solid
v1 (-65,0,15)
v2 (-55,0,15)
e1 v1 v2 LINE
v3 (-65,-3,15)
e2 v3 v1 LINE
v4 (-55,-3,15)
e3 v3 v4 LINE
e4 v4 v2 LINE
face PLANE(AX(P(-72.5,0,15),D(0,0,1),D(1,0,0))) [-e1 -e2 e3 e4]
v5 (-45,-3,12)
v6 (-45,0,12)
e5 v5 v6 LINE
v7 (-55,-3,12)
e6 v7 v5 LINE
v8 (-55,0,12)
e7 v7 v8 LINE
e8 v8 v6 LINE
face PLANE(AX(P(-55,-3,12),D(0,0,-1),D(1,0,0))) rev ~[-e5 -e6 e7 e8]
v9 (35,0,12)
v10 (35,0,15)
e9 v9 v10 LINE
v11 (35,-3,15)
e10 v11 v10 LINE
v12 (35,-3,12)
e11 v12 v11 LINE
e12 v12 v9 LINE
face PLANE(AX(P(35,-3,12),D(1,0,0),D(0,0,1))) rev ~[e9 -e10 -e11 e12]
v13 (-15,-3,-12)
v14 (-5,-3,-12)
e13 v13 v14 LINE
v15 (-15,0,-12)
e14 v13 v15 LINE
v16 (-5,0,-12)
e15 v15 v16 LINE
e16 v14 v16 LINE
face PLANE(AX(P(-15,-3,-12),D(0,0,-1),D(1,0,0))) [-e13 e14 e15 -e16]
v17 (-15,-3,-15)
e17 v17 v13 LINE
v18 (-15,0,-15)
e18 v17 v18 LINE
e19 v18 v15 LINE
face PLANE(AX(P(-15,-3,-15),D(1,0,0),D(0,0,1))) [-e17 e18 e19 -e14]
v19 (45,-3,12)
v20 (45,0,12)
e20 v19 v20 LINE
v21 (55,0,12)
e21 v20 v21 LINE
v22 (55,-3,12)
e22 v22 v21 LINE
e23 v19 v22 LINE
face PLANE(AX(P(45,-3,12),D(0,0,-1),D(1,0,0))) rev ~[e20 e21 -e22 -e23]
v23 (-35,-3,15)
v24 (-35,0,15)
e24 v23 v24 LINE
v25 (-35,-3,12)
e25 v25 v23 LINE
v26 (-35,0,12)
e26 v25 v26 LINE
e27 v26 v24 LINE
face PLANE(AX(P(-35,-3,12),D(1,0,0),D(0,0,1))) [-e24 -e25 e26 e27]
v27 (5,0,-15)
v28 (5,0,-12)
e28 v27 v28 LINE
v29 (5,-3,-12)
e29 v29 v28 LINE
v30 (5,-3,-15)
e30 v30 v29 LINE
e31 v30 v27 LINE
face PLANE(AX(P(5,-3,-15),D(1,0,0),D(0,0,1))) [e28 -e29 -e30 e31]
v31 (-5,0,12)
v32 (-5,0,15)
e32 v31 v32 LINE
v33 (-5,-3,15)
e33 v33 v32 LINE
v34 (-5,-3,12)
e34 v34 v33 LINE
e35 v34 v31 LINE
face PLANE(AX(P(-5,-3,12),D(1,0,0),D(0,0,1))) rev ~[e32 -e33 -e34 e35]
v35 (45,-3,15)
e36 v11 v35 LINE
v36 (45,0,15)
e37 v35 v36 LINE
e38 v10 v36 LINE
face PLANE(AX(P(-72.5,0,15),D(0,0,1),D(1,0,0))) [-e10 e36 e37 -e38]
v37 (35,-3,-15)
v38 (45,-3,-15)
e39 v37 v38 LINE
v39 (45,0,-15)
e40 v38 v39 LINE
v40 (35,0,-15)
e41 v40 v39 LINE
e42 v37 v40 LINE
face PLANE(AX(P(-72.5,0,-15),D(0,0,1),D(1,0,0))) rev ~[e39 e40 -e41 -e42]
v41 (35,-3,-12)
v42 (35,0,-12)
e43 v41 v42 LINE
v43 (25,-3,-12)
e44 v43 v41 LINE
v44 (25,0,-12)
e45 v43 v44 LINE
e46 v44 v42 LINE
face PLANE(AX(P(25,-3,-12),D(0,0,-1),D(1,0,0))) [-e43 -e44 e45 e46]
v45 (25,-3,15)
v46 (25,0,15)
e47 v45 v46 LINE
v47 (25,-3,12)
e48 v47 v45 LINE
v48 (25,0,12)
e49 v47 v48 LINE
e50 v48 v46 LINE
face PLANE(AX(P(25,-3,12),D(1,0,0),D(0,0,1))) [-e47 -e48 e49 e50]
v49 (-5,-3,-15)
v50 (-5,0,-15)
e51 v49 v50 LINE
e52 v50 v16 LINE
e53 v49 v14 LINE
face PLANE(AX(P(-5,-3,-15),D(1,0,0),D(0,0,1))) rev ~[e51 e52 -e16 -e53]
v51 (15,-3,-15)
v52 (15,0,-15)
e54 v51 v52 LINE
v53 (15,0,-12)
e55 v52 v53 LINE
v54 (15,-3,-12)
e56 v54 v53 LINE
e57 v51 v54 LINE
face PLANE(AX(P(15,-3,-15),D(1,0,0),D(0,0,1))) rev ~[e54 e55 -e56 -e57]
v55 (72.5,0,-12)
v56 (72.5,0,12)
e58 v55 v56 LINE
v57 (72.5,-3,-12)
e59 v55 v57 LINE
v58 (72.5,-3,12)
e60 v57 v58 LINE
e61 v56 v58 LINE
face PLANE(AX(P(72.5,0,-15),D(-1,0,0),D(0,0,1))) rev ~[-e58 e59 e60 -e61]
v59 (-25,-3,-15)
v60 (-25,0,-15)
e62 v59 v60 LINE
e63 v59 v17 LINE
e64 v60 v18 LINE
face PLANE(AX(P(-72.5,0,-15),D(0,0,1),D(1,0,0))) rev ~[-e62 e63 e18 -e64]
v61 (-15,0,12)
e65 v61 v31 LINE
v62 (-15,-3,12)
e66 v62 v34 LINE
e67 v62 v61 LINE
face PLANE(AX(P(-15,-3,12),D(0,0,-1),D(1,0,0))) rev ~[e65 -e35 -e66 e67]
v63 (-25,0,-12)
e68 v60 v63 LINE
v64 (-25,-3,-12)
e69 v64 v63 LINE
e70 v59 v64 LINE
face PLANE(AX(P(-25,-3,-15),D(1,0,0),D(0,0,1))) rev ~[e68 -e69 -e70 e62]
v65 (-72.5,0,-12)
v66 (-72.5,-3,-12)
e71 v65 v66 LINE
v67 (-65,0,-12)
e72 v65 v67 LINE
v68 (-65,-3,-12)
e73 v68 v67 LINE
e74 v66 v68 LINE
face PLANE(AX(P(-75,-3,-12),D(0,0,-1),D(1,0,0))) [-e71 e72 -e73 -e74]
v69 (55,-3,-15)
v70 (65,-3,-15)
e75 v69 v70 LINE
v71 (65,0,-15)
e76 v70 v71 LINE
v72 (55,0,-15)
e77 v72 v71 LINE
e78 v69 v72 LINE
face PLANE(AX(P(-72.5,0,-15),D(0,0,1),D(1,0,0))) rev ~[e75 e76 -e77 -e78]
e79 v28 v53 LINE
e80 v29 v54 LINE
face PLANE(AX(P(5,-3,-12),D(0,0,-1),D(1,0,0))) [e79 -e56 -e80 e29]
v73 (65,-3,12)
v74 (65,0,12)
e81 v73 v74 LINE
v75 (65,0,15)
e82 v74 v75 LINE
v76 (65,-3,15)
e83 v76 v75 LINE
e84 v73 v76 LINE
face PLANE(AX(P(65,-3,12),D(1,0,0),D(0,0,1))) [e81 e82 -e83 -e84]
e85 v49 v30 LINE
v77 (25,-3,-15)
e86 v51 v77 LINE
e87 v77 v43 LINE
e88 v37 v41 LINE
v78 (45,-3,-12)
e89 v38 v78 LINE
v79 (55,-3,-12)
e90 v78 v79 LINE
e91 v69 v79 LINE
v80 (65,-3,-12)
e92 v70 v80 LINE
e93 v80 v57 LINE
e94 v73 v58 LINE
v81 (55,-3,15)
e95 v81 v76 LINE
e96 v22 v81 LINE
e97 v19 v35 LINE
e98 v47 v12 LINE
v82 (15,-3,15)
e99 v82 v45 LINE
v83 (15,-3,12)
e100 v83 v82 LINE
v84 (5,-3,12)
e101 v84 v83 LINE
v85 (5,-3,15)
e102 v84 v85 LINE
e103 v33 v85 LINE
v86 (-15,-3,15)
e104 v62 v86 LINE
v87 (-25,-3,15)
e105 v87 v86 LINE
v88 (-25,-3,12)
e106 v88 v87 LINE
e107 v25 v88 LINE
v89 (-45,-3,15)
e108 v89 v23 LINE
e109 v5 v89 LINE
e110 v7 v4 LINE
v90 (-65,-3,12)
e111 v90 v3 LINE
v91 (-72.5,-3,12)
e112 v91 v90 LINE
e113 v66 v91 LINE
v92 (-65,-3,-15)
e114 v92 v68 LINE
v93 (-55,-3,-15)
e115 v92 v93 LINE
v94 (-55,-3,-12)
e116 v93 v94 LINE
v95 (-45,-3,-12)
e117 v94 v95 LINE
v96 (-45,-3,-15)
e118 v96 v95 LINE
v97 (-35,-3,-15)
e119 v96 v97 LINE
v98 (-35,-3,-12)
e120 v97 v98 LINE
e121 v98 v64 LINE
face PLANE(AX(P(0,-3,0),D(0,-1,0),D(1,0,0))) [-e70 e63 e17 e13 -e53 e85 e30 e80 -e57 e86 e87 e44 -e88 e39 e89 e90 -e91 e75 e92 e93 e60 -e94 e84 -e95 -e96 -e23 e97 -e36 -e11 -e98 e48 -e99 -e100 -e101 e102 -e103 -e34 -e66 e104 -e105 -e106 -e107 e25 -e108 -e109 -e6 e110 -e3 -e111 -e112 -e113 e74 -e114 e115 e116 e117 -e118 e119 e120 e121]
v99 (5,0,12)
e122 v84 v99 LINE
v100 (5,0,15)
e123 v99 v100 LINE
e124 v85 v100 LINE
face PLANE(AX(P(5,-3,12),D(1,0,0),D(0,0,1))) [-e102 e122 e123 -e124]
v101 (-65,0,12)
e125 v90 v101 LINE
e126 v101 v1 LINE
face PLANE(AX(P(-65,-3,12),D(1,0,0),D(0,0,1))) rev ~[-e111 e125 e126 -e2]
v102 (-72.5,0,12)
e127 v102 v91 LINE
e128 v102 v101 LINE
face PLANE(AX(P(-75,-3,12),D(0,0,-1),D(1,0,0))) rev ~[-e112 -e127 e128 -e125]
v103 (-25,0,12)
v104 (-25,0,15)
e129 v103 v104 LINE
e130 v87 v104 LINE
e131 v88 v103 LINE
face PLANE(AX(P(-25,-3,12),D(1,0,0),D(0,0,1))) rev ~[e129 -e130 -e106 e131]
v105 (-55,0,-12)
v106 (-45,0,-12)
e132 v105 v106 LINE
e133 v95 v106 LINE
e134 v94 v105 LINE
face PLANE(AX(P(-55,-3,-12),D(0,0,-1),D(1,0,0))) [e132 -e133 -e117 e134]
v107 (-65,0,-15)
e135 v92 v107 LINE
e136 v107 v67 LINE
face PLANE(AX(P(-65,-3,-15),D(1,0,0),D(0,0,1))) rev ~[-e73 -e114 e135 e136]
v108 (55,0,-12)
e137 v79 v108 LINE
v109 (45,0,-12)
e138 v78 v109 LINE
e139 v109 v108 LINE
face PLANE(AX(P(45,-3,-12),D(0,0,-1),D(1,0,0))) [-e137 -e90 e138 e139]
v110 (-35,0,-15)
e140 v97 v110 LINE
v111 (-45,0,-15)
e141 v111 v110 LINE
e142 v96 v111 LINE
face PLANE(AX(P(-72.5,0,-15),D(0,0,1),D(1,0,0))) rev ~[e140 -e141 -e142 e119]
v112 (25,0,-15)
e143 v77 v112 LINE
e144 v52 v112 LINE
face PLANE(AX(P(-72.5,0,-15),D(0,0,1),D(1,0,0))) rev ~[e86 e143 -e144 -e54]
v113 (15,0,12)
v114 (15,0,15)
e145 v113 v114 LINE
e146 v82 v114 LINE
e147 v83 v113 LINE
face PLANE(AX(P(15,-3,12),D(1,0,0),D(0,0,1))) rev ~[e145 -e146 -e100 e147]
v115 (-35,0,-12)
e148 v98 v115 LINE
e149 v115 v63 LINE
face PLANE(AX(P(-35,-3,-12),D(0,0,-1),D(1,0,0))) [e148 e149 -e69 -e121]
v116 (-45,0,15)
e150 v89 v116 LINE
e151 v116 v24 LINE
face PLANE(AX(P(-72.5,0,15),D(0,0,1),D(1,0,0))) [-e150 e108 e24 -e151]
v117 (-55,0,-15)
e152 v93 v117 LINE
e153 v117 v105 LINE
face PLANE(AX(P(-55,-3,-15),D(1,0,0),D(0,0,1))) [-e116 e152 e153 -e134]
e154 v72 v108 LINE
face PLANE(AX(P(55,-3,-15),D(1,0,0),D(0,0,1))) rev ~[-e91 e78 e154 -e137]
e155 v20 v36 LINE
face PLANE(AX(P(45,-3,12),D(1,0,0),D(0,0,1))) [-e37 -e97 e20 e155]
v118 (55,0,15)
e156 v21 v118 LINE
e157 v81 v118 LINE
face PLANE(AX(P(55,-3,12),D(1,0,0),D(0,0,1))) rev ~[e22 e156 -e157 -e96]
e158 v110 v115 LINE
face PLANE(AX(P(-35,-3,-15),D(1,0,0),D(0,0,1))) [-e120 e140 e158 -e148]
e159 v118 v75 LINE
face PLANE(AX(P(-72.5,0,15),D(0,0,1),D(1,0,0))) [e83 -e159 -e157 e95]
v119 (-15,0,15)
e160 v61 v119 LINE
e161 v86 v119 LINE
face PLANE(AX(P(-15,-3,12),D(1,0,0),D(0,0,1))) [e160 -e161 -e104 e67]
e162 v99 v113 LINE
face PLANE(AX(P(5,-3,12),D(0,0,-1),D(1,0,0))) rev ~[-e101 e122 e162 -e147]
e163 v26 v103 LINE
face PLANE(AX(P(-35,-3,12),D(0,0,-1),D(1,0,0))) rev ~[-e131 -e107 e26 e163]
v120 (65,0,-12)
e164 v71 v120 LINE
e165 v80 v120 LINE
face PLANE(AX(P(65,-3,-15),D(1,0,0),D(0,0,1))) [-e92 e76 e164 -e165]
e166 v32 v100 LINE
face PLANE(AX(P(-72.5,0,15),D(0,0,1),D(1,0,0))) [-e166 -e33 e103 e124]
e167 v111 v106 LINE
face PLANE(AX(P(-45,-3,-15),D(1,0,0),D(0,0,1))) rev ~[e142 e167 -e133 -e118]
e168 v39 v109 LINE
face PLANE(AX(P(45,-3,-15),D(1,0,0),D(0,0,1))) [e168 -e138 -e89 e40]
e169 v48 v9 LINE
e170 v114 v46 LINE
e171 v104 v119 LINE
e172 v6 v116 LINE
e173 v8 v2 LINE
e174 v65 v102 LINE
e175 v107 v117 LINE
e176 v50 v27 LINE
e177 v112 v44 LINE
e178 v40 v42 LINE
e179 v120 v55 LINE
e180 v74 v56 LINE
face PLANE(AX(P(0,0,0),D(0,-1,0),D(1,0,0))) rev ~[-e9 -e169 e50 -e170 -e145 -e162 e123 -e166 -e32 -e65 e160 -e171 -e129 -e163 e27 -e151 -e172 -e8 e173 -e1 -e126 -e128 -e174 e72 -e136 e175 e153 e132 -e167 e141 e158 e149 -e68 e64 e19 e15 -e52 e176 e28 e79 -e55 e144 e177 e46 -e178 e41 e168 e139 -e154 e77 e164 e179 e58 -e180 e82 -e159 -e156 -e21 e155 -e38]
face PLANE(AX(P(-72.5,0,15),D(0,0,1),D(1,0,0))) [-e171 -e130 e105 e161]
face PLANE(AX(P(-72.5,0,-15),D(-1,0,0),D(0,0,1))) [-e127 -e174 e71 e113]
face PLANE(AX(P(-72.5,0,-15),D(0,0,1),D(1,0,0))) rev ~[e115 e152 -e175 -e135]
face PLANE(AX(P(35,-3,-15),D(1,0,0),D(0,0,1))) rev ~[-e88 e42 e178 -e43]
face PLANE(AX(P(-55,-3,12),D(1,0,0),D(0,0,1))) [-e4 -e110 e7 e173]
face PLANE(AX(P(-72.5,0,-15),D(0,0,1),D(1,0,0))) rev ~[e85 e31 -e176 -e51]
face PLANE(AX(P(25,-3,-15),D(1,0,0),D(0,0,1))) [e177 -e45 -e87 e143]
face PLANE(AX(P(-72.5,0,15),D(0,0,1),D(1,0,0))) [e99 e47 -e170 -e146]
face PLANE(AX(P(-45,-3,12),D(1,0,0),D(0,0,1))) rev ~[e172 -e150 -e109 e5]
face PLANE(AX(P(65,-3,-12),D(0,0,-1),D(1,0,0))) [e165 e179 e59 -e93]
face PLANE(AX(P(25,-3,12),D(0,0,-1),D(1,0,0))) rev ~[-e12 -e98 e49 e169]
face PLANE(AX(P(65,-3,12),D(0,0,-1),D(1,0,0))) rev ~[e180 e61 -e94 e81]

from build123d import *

# Parameters (mm, degrees)
F0_W     = 145
F0_H     = 30
F1_DEPTH = 3
F2_W     = 10
F2_H     = 3
F3_DEPTH = 25


with BuildPart() as f1:
    # F0 (on Front) → F1 (new body)
    with BuildSketch(Plane.XZ):
        Rectangle(F0_W, F0_H)
    extrude(amount=F1_DEPTH)

    # F2 (on face) → F3 (cut)
    with BuildSketch(Plane.XZ.offset(3)):
        with Locations((-70, -13.5)):
            Rectangle(F2_W, F2_H)
        with Locations((-70, 13.5)):
            Rectangle(F2_W, F2_H)
        with Locations((-50, -13.5)):
            Rectangle(F2_W, F2_H)
        with Locations((-50, 13.5)):
            Rectangle(F2_W, F2_H)
        with Locations((-30, -13.5)):
            Rectangle(F2_W, F2_H)
        with Locations((-30, 13.5)):
            Rectangle(F2_W, F2_H)
        with Locations((-10, -13.5)):
            Rectangle(F2_W, F2_H)
        with Locations((-10, 13.5)):
            Rectangle(F2_W, F2_H)
        with Locations((10, -13.5)):
            Rectangle(F2_W, F2_H)
        with Locations((10, 13.5)):
            Rectangle(F2_W, F2_H)
        with Locations((30, -13.5)):
            Rectangle(F2_W, F2_H)
        with Locations((30, 13.5)):
            Rectangle(F2_W, F2_H)
        with Locations((50, -13.5)):
            Rectangle(F2_W, F2_H)
        with Locations((50, 13.5)):
            Rectangle(F2_W, F2_H)
        with Locations((70, -13.5)):
            Rectangle(F2_W, F2_H)
        with Locations((70, 13.5)):
            Rectangle(F2_W, F2_H)
    extrude(amount=-F3_DEPTH, mode=Mode.SUBTRACT)


solid = f1.part
